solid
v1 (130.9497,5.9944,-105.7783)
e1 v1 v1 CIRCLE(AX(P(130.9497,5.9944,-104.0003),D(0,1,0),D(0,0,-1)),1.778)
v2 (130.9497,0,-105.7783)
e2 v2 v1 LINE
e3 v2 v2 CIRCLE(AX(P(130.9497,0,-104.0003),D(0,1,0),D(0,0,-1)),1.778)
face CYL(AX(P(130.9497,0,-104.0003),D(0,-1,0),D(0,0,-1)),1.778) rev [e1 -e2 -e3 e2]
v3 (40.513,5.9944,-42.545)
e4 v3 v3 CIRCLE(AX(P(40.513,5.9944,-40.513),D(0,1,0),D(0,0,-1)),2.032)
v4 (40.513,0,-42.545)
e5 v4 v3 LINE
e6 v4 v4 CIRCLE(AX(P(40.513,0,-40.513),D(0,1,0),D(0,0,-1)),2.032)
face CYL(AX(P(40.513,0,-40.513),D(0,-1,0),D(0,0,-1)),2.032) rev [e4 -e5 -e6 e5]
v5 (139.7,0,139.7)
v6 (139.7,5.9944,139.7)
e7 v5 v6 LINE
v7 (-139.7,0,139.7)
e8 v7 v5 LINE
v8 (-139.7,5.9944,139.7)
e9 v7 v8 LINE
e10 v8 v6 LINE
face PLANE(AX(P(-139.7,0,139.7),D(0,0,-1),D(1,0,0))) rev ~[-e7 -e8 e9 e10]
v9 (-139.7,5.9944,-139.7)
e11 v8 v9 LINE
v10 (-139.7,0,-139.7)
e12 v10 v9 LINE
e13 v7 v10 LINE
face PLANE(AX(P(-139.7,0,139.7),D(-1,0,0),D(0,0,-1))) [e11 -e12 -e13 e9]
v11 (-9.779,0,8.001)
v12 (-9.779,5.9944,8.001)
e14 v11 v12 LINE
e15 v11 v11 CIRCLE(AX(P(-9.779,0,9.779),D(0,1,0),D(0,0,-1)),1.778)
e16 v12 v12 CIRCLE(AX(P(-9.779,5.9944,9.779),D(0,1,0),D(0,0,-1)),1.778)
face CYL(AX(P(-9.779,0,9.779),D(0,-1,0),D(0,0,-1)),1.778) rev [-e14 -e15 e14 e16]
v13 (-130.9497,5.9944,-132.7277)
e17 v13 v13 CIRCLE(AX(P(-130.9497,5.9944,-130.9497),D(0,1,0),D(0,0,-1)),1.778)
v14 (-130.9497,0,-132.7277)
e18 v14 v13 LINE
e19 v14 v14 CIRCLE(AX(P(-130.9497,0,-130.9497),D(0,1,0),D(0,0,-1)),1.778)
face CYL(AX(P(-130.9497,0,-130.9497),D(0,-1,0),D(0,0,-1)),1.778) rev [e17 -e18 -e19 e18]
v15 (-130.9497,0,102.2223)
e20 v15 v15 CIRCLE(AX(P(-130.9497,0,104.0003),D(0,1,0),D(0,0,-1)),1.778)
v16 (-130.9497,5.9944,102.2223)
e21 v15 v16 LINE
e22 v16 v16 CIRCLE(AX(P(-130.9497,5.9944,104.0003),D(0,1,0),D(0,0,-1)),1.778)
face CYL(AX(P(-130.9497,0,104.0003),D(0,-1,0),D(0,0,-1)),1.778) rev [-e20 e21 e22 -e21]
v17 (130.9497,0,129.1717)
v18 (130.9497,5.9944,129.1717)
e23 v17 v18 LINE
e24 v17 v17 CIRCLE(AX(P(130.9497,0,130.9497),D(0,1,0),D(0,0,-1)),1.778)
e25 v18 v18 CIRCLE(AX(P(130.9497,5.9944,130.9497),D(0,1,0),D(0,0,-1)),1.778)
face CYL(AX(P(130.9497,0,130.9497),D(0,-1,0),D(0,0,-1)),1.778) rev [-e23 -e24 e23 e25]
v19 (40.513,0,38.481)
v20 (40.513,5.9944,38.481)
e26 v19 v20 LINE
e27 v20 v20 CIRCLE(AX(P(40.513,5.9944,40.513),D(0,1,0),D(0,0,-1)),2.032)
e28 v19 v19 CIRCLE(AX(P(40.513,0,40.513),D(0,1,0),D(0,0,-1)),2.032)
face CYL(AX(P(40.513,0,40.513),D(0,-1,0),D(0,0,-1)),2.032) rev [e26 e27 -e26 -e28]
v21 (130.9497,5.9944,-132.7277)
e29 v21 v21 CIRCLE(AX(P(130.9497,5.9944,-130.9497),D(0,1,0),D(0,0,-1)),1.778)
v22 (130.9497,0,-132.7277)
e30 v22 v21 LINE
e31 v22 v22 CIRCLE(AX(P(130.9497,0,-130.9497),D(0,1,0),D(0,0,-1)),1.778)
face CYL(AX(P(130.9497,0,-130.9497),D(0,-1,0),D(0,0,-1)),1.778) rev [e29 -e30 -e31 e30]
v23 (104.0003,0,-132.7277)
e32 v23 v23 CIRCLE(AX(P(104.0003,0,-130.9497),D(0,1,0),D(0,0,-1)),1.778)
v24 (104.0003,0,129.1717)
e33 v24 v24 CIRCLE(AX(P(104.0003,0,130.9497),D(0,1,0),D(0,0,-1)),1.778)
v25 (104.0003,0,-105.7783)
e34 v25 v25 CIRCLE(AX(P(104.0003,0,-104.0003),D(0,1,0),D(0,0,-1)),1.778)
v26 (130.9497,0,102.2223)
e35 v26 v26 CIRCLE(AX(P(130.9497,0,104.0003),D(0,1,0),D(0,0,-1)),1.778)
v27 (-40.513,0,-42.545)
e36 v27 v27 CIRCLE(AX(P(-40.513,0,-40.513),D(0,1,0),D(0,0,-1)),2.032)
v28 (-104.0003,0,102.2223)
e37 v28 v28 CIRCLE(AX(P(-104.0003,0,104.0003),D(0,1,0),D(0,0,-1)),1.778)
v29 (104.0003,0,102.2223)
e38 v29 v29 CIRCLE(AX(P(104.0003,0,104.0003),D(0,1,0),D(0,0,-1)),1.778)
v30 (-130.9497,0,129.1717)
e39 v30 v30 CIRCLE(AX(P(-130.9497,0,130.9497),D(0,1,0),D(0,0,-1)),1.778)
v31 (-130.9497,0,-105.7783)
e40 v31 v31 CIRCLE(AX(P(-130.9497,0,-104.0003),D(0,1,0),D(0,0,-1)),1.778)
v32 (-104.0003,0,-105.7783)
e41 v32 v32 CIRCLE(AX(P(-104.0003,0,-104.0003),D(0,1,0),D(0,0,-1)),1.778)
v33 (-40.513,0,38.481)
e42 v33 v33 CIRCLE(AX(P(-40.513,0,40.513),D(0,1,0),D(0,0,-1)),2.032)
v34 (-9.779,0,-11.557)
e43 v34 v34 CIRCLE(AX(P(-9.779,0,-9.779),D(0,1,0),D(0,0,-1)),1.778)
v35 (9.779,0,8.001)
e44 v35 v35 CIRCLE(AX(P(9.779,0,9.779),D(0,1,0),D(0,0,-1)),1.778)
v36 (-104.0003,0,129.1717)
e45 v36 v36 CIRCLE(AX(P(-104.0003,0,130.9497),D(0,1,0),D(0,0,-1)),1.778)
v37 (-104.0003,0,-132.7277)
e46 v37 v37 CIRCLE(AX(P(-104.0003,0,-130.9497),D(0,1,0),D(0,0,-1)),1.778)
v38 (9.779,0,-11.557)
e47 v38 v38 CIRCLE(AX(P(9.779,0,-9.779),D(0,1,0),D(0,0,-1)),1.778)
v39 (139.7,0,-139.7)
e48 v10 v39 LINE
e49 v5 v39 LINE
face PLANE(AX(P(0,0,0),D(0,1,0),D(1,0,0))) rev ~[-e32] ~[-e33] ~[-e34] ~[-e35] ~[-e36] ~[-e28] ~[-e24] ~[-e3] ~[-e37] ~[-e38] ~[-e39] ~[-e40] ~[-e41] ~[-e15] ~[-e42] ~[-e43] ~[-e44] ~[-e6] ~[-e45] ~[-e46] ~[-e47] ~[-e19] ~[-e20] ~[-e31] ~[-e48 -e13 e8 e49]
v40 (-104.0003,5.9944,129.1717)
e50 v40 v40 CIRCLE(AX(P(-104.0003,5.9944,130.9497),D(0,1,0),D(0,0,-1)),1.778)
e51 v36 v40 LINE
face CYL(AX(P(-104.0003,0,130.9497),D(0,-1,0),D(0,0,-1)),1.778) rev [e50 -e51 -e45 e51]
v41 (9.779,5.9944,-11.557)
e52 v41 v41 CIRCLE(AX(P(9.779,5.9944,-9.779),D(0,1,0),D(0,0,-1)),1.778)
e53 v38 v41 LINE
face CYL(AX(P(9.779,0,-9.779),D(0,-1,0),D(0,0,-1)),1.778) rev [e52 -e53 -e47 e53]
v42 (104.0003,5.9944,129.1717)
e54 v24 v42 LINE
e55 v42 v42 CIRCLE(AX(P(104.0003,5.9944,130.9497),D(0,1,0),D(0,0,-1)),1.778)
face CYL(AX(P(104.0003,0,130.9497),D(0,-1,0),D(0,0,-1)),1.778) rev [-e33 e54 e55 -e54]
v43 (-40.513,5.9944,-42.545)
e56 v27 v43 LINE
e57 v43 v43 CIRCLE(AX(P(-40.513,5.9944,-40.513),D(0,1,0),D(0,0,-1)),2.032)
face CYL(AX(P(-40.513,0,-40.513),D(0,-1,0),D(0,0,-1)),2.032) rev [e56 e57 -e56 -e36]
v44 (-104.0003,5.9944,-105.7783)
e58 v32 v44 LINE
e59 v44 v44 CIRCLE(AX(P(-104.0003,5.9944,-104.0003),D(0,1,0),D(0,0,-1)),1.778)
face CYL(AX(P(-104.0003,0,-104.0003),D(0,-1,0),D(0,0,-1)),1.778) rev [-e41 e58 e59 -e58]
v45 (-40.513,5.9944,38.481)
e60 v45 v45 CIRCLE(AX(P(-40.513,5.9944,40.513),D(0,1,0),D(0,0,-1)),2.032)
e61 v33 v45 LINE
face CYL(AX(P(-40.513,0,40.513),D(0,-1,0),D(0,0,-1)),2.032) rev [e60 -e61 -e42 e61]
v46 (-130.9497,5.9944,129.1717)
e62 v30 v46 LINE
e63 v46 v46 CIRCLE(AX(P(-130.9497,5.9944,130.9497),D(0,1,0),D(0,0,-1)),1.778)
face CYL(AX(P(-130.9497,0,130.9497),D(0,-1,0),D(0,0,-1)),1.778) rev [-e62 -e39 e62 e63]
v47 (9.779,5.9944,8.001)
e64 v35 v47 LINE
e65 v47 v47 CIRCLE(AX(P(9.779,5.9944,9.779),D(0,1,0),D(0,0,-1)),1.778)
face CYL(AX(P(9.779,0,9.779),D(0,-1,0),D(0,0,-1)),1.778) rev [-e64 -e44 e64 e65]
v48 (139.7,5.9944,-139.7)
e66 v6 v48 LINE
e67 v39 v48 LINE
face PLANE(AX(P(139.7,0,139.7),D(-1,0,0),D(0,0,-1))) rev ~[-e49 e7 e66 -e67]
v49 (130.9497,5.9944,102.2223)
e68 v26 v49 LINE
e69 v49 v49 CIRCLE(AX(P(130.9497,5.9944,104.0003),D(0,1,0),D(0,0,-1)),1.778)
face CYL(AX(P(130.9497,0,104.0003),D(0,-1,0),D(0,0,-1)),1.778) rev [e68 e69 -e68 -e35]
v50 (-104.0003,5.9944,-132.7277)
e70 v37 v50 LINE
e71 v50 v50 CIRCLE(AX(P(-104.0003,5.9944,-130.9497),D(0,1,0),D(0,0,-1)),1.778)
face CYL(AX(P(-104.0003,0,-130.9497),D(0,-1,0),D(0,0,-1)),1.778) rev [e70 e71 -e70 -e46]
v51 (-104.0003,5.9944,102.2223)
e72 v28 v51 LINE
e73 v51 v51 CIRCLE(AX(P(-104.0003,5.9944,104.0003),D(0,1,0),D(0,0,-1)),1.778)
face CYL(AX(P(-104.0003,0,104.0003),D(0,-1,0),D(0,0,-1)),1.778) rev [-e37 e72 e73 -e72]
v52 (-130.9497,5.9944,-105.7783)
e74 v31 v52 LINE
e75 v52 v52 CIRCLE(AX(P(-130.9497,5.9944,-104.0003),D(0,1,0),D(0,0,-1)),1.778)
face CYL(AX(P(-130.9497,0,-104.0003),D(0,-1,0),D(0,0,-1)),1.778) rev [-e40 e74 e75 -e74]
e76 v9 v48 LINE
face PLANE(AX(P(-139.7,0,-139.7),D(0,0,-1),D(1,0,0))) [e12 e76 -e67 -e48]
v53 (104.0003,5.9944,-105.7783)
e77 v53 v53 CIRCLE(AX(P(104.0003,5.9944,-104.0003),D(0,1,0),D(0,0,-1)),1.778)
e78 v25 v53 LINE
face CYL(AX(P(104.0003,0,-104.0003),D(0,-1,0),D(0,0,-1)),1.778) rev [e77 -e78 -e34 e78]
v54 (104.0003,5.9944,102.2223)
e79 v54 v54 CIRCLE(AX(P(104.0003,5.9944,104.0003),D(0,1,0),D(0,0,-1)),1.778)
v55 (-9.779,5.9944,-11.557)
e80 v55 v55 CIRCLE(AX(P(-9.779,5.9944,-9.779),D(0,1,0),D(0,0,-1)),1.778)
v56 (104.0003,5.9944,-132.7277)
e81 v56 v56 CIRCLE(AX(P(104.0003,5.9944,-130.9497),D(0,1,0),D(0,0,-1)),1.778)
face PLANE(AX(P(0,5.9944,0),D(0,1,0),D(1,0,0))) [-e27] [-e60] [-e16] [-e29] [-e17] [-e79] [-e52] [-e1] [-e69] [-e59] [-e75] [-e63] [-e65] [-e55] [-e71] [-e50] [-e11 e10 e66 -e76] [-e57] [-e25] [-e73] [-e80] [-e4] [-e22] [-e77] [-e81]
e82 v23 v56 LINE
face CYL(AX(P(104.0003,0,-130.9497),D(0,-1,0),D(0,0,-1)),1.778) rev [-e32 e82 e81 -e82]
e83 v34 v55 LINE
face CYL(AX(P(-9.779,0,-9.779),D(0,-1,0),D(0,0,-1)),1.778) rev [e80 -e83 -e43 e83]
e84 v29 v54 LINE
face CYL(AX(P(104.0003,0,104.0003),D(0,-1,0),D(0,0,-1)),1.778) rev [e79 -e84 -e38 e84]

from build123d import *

# Parameters (mm, degrees)
SKETCH1_W           = 279.4
SKETCH1_H           = 279.4
SKETCH1_R           = 1.778
SKETCH1_R_2         = 2.032
BOSS_EXTRUDE1_DEPTH = 5.9944


with BuildPart() as part:
    # Sketch1 → Boss-Extrude1 (new body)
    with BuildSketch(Plane(origin=(0, 0, 0), x_dir=(1, 0, 0), z_dir=(0, 1, 0))):
        Rectangle(SKETCH1_W, SKETCH1_H)
        with Locations(Location((-130.9497, -130.9497, 0), (0, 0, 90))):
            Circle(SKETCH1_R, mode=Mode.SUBTRACT)
        with Locations(Location((-104.0003, -130.9497, 0), (0, 0, 90))):
            Circle(SKETCH1_R, mode=Mode.SUBTRACT)
        with Locations(Location((-130.9497, -104.0003, 0), (0, 0, 90))):
            Circle(SKETCH1_R, mode=Mode.SUBTRACT)
        with Locations(Location((-104.0003, -104.0003, 0), (0, 0, 90))):
            Circle(SKETCH1_R, mode=Mode.SUBTRACT)
        with Locations(Location((104.0003, -130.9497, 0), (0, 0, 90))):
            Circle(SKETCH1_R, mode=Mode.SUBTRACT)
        with Locations(Location((130.9497, -130.9497, 0), (0, 0, 90))):
            Circle(SKETCH1_R, mode=Mode.SUBTRACT)
        with Locations(Location((104.0003, -104.0003, 0), (0, 0, 90))):
            Circle(SKETCH1_R, mode=Mode.SUBTRACT)
        with Locations(Location((130.9497, -104.0003, 0), (0, 0, 90))):
            Circle(SKETCH1_R, mode=Mode.SUBTRACT)
        with Locations(Location((104.0003, 104.0003, 0), (0, 0, 90))):
            Circle(SKETCH1_R, mode=Mode.SUBTRACT)
        with Locations(Location((130.9497, 104.0003, 0), (0, 0, 90))):
            Circle(SKETCH1_R, mode=Mode.SUBTRACT)
        with Locations(Location((104.0003, 130.9497, 0), (0, 0, 90))):
            Circle(SKETCH1_R, mode=Mode.SUBTRACT)
        with Locations(Location((130.9497, 130.9497, 0), (0, 0, 90))):
            Circle(SKETCH1_R, mode=Mode.SUBTRACT)
        with Locations(Location((-130.9497, 104.0003, 0), (0, 0, 90))):
            Circle(SKETCH1_R, mode=Mode.SUBTRACT)
        with Locations(Location((-104.0003, 104.0003, 0), (0, 0, 90))):
            Circle(SKETCH1_R, mode=Mode.SUBTRACT)
        with Locations(Location((-130.9497, 130.9497, 0), (0, 0, 90))):
            Circle(SKETCH1_R, mode=Mode.SUBTRACT)
        with Locations(Location((-104.0003, 130.9497, 0), (0, 0, 90))):
            Circle(SKETCH1_R, mode=Mode.SUBTRACT)
        with Locations(Location((-9.779, -9.779, 0), (0, 0, 90))):
            Circle(SKETCH1_R, mode=Mode.SUBTRACT)
        with Locations(Location((-40.513, 40.513, 0), (0, 0, 90))):
            Circle(SKETCH1_R_2, mode=Mode.SUBTRACT)
        with Locations(Location((40.513, 40.513, 0), (0, 0, 90))):
            Circle(SKETCH1_R_2, mode=Mode.SUBTRACT)
        with Locations(Location((-40.513, -40.513, 0), (0, 0, 90))):
            Circle(SKETCH1_R_2, mode=Mode.SUBTRACT)
        with Locations(Location((40.513, -40.513, 0), (0, 0, 90))):
            Circle(SKETCH1_R_2, mode=Mode.SUBTRACT)
        with Locations(Location((9.779, -9.779, 0), (0, 0, 90))):
            Circle(SKETCH1_R, mode=Mode.SUBTRACT)
        with Locations(Location((-9.779, 9.779, 0), (0, 0, 90))):
            Circle(SKETCH1_R, mode=Mode.SUBTRACT)
        with Locations(Location((9.779, 9.779, 0), (0, 0, 90))):
            Circle(SKETCH1_R, mode=Mode.SUBTRACT)
    extrude(amount=BOSS_EXTRUDE1_DEPTH)


solid = part.part
